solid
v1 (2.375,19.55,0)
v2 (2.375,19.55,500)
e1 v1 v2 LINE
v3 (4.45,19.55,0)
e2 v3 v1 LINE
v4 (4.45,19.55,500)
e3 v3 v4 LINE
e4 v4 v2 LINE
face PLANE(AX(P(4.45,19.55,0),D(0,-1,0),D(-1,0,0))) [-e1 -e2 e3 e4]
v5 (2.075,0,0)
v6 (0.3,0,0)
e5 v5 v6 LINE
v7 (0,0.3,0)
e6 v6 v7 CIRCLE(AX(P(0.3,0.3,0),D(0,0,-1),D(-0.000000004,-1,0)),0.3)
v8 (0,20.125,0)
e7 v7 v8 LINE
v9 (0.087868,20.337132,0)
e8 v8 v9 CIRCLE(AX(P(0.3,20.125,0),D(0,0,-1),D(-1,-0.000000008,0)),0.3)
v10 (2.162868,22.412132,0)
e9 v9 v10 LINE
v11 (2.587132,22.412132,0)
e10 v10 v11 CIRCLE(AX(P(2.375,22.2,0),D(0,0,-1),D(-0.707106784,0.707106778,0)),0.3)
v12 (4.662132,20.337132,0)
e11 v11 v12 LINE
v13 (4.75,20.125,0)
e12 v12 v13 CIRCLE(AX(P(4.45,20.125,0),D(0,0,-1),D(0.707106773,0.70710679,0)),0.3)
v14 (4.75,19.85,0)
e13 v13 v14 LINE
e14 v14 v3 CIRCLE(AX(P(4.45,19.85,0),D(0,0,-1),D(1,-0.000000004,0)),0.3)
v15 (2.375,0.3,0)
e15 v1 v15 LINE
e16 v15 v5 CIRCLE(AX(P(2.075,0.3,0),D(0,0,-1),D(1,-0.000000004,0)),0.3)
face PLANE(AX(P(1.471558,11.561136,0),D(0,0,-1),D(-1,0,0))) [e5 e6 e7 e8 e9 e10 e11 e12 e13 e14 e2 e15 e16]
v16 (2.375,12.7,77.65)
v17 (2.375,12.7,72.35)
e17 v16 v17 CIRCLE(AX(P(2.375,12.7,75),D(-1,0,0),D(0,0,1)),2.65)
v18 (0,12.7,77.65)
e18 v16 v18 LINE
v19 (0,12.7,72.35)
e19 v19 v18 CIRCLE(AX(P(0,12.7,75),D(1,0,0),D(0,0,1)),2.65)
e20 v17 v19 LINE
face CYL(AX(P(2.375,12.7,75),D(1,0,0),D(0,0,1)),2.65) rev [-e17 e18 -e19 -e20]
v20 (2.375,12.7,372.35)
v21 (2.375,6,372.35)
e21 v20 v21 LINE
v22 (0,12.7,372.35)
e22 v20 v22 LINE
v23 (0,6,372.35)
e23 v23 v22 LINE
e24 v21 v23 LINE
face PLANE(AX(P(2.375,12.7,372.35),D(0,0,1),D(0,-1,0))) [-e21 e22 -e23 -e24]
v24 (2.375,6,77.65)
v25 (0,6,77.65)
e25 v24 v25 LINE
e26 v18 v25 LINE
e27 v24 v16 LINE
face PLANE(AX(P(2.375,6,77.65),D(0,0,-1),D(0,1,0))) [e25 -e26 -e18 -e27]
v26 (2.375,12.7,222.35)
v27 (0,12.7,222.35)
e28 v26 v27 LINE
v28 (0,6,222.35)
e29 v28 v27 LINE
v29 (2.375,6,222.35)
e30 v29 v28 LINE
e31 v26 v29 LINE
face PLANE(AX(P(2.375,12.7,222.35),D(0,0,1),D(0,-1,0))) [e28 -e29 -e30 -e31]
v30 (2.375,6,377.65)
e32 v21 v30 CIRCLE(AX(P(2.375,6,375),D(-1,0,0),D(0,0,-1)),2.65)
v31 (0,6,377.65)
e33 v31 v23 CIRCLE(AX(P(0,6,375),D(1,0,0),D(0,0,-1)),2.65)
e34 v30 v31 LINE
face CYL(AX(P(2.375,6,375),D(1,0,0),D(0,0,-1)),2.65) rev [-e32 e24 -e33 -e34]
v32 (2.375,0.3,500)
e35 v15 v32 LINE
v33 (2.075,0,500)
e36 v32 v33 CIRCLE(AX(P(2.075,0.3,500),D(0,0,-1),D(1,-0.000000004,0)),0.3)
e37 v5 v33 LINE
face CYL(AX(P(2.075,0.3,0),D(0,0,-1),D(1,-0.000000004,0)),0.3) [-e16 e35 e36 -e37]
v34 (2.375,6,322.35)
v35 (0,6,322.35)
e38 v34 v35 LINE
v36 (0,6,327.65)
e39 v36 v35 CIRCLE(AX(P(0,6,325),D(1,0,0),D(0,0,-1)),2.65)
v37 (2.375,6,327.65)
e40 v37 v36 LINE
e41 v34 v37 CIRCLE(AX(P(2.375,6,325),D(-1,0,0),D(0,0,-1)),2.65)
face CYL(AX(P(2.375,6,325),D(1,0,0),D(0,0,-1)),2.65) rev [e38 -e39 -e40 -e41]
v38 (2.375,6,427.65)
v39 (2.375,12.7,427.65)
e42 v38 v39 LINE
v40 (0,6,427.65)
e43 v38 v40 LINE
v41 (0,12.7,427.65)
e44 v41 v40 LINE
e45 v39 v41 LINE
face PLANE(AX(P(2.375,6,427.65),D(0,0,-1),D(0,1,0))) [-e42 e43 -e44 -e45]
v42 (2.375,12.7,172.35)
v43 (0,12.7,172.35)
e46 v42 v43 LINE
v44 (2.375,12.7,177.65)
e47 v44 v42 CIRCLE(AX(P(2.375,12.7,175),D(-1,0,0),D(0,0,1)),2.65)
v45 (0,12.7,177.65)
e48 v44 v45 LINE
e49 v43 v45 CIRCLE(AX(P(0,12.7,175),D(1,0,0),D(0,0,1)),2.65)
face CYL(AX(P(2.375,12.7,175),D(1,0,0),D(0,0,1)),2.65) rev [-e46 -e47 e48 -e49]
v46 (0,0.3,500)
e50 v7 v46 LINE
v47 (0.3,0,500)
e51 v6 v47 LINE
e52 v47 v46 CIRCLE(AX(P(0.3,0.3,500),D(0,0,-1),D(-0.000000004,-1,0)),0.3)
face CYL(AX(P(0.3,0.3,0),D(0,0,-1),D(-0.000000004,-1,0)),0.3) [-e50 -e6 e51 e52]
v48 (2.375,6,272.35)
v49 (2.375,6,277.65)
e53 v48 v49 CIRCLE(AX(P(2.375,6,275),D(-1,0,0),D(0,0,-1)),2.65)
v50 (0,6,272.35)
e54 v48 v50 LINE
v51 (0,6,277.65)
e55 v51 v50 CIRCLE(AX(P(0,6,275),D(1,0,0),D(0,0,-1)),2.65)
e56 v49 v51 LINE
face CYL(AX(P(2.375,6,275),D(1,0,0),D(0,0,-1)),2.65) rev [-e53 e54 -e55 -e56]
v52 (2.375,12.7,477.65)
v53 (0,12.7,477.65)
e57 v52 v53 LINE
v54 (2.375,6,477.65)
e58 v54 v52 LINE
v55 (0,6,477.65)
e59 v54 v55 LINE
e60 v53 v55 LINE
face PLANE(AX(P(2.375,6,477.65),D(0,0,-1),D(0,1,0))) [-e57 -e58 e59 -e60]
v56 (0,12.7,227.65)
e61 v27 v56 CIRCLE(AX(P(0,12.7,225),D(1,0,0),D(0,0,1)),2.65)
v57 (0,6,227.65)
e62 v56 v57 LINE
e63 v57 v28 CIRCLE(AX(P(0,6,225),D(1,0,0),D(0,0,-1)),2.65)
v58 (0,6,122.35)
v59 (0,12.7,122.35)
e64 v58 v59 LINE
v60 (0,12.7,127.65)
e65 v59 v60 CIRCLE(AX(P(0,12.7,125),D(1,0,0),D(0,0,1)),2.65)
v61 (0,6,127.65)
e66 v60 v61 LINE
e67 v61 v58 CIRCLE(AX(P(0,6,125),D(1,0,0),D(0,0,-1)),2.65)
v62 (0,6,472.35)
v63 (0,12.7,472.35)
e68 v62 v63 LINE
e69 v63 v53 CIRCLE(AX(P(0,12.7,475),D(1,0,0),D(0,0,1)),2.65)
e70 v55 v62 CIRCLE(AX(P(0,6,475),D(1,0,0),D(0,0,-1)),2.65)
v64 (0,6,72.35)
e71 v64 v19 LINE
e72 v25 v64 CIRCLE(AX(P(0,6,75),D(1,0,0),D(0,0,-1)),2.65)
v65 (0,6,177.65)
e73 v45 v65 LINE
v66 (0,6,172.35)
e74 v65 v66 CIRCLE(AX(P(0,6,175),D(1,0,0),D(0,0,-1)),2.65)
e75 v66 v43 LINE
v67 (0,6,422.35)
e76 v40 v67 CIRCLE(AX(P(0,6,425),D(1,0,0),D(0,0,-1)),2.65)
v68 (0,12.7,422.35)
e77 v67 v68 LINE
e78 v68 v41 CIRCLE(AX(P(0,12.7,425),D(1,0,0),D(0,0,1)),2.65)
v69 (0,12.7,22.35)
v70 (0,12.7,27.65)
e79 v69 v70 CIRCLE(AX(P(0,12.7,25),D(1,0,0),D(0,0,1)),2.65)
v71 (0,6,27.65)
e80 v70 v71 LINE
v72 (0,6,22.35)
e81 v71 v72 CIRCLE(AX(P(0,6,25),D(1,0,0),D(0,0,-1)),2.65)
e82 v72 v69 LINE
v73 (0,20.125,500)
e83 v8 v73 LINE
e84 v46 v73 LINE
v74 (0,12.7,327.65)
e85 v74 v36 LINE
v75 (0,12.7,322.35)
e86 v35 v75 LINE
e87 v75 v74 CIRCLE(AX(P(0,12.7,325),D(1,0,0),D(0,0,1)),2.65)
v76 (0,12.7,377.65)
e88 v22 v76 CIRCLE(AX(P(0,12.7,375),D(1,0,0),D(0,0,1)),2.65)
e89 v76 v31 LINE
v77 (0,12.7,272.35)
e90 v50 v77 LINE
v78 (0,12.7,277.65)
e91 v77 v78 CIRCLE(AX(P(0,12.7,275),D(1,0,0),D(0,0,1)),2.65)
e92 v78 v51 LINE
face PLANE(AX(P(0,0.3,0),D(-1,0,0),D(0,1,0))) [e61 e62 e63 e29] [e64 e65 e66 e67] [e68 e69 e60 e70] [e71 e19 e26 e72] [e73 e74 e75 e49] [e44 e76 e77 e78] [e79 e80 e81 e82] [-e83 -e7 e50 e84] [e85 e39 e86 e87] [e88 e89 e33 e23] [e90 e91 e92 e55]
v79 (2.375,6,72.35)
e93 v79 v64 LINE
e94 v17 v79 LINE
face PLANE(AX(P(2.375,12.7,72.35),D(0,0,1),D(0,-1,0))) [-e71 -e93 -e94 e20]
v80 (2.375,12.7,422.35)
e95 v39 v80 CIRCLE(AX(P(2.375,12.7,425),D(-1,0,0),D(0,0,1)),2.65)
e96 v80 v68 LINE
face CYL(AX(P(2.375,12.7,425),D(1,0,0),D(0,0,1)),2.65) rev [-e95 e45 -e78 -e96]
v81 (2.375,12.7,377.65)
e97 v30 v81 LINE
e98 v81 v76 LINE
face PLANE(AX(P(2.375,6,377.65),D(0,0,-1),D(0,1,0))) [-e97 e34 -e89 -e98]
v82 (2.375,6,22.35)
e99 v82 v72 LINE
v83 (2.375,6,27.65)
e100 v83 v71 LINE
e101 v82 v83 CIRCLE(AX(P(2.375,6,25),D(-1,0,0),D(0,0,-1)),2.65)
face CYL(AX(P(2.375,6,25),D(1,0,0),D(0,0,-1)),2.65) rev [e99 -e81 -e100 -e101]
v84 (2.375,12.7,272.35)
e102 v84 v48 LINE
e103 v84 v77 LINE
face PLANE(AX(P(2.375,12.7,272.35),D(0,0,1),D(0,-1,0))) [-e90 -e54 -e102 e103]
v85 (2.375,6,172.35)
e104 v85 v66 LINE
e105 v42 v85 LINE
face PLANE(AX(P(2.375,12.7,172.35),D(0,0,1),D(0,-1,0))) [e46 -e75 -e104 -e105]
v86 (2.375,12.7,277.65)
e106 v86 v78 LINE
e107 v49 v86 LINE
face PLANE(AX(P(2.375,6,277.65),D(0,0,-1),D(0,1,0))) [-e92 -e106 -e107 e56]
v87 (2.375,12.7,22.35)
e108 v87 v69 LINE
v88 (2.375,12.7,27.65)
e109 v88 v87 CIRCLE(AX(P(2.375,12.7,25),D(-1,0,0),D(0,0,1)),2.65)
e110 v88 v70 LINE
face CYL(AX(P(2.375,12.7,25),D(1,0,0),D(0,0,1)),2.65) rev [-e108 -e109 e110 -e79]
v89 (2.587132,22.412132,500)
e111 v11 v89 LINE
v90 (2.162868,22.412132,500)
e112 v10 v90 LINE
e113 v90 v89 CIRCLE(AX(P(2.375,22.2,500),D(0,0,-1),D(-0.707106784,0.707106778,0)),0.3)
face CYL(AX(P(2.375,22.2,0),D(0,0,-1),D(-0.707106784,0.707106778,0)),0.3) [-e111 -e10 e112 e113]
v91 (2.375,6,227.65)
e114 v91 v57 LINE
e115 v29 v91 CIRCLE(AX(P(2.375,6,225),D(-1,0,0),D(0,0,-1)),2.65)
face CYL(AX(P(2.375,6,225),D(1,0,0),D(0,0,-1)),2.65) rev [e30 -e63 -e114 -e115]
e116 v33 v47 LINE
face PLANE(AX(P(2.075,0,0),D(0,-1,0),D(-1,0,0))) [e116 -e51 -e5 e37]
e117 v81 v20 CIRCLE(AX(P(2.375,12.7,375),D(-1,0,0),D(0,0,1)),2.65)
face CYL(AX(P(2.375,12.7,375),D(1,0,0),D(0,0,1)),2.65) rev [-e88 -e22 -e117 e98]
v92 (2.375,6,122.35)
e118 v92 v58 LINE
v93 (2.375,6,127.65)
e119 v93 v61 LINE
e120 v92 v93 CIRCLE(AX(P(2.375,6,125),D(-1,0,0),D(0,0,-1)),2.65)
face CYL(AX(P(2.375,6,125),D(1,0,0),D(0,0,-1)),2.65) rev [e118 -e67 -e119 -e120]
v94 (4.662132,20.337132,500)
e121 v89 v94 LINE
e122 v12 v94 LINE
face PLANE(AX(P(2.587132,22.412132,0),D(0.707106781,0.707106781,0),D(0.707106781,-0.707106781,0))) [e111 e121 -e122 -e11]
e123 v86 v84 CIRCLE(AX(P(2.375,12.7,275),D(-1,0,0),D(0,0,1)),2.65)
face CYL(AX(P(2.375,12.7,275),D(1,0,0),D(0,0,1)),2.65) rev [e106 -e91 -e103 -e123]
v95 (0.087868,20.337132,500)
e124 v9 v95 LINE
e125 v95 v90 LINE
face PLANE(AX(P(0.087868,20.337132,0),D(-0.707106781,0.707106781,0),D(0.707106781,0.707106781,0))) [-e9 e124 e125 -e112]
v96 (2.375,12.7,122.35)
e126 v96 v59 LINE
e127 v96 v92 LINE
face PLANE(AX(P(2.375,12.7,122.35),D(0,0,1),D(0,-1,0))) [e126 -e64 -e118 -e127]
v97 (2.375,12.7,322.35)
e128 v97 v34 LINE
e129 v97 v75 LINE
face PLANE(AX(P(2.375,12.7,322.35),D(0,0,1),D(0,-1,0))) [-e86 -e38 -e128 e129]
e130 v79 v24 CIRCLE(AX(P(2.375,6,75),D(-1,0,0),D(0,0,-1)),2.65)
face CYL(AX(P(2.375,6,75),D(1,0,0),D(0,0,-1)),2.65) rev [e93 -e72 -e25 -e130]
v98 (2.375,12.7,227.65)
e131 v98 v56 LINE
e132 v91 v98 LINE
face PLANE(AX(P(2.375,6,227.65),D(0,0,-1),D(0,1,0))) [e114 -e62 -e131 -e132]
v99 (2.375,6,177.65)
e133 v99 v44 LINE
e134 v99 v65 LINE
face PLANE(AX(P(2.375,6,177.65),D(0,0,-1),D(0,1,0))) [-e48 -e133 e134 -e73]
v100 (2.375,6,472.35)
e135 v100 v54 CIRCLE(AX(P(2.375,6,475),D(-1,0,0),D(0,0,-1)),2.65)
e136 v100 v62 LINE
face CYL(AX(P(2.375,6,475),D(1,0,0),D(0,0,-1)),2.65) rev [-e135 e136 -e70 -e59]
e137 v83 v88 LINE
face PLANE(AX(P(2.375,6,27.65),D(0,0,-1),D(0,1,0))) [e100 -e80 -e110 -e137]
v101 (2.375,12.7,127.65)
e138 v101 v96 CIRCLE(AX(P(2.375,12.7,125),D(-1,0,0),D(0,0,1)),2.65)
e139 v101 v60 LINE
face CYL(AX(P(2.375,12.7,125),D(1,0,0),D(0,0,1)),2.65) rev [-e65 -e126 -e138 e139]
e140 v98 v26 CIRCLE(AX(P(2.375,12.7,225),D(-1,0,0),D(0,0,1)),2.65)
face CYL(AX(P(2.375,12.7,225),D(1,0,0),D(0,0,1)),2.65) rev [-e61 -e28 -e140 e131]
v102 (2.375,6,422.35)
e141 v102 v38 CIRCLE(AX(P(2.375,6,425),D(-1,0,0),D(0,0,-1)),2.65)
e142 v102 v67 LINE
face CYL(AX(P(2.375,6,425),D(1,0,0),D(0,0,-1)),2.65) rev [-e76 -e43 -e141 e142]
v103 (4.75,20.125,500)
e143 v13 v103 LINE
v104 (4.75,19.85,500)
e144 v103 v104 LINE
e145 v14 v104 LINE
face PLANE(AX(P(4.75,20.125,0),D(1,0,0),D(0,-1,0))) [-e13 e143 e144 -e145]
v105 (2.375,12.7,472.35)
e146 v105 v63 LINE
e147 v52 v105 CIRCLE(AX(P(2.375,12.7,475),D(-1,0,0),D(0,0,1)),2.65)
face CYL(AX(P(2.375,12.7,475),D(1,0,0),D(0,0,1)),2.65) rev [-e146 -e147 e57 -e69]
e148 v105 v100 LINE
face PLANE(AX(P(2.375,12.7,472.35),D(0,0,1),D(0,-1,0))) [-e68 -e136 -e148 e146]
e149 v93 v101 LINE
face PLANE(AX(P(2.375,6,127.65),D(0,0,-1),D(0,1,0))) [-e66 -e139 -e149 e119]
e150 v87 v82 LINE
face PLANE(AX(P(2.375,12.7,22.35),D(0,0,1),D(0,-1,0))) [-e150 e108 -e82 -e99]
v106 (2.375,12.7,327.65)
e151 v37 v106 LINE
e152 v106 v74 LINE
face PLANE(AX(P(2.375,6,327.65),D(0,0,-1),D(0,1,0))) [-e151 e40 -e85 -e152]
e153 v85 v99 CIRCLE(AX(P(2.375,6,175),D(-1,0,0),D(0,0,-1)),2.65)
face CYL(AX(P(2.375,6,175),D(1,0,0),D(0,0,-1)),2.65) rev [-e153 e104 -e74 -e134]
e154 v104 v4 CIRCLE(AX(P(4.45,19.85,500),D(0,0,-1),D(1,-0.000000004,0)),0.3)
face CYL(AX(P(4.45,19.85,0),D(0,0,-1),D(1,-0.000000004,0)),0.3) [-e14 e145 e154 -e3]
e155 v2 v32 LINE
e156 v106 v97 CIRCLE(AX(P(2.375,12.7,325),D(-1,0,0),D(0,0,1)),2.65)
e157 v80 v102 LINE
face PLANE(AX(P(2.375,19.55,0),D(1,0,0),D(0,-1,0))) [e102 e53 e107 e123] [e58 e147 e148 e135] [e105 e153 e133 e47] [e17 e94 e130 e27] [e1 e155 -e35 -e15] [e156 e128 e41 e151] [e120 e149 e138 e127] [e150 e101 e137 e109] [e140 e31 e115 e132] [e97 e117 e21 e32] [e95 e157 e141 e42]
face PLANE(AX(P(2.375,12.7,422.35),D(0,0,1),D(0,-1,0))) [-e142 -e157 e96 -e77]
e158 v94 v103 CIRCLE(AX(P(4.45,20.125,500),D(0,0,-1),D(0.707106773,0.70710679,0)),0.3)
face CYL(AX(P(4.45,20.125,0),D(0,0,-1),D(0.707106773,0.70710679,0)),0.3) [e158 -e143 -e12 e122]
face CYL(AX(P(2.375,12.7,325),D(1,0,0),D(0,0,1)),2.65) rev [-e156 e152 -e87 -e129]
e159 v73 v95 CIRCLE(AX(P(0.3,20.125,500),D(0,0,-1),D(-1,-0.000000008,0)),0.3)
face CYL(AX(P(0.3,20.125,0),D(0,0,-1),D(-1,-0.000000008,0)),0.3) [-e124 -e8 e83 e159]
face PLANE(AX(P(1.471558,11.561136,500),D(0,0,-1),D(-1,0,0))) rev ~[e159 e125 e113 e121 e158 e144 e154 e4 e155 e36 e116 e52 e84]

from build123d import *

# Parameters (mm, degrees)
BOSS_EXTRUDE1_DEPTH = 500
CUT_EXTRUDE1_DEPTH  = 3.375
LPATTERN1_COUNT     = 10
LPATTERN1_PITCH     = 50


with BuildPart() as part:
    # Sketch1 → Boss-Extrude1 (new body)
    with BuildSketch(Plane.XY):
        with BuildLine():
            Line((0, 0.3), (0, 20.125))
            ThreePointArc((0, 20.125), (0.02283614, 20.23980503), (0.087867966, 20.337132034))
            Line((0.087867966, 20.337132034), (2.162867966, 22.412132034))
            ThreePointArc((2.162867966, 22.412132034), (2.375, 22.5), (2.587132034, 22.412132034))
            Line((2.587132034, 22.412132034), (4.662132034, 20.337132034))
            ThreePointArc((4.662132034, 20.337132034), (4.72716386, 20.23980503), (4.75, 20.125))
            Line((4.75, 20.125), (4.75, 19.85))
            ThreePointArc((4.75, 19.85), (4.662132034, 19.637867966), (4.45, 19.55))
            Line((4.45, 19.55), (2.375, 19.55))
            Line((2.375, 19.55), (2.375, 0.3))
            ThreePointArc((2.375, 0.3), (2.287132034, 0.087867966), (2.075, 0))
            Line((2.075, 0), (0.3, 0))
            ThreePointArc((0.3, 0), (0.087867966, 0.087867966), (0, 0.3))
        make_face()
    extrude(amount=BOSS_EXTRUDE1_DEPTH)

    # Sketch2 → Cut-Extrude1 (cut, through all)
    with BuildSketch(Plane(origin=(2.375, 0, 0), x_dir=(0, 0, -1), z_dir=(1, 0, 0))):
        with BuildLine():
            Line((-22.35, 12.7), (-22.35, 6))
            ThreePointArc((-22.35, 6), (-25, 3.35), (-27.65, 6))
            Line((-27.65, 6), (-27.65, 12.7))
            ThreePointArc((-27.65, 12.7), (-25, 15.35), (-22.35, 12.7))
        make_face()
    cut_extrude1 = extrude(amount=-CUT_EXTRUDE1_DEPTH, mode=Mode.SUBTRACT)

    # LPattern1: Cut-Extrude1 ×10
    with Locations(*[(0, 0, i * LPATTERN1_PITCH) for i in range(1, LPATTERN1_COUNT)]):
        add(cut_extrude1, mode=Mode.SUBTRACT)


solid = part.part
